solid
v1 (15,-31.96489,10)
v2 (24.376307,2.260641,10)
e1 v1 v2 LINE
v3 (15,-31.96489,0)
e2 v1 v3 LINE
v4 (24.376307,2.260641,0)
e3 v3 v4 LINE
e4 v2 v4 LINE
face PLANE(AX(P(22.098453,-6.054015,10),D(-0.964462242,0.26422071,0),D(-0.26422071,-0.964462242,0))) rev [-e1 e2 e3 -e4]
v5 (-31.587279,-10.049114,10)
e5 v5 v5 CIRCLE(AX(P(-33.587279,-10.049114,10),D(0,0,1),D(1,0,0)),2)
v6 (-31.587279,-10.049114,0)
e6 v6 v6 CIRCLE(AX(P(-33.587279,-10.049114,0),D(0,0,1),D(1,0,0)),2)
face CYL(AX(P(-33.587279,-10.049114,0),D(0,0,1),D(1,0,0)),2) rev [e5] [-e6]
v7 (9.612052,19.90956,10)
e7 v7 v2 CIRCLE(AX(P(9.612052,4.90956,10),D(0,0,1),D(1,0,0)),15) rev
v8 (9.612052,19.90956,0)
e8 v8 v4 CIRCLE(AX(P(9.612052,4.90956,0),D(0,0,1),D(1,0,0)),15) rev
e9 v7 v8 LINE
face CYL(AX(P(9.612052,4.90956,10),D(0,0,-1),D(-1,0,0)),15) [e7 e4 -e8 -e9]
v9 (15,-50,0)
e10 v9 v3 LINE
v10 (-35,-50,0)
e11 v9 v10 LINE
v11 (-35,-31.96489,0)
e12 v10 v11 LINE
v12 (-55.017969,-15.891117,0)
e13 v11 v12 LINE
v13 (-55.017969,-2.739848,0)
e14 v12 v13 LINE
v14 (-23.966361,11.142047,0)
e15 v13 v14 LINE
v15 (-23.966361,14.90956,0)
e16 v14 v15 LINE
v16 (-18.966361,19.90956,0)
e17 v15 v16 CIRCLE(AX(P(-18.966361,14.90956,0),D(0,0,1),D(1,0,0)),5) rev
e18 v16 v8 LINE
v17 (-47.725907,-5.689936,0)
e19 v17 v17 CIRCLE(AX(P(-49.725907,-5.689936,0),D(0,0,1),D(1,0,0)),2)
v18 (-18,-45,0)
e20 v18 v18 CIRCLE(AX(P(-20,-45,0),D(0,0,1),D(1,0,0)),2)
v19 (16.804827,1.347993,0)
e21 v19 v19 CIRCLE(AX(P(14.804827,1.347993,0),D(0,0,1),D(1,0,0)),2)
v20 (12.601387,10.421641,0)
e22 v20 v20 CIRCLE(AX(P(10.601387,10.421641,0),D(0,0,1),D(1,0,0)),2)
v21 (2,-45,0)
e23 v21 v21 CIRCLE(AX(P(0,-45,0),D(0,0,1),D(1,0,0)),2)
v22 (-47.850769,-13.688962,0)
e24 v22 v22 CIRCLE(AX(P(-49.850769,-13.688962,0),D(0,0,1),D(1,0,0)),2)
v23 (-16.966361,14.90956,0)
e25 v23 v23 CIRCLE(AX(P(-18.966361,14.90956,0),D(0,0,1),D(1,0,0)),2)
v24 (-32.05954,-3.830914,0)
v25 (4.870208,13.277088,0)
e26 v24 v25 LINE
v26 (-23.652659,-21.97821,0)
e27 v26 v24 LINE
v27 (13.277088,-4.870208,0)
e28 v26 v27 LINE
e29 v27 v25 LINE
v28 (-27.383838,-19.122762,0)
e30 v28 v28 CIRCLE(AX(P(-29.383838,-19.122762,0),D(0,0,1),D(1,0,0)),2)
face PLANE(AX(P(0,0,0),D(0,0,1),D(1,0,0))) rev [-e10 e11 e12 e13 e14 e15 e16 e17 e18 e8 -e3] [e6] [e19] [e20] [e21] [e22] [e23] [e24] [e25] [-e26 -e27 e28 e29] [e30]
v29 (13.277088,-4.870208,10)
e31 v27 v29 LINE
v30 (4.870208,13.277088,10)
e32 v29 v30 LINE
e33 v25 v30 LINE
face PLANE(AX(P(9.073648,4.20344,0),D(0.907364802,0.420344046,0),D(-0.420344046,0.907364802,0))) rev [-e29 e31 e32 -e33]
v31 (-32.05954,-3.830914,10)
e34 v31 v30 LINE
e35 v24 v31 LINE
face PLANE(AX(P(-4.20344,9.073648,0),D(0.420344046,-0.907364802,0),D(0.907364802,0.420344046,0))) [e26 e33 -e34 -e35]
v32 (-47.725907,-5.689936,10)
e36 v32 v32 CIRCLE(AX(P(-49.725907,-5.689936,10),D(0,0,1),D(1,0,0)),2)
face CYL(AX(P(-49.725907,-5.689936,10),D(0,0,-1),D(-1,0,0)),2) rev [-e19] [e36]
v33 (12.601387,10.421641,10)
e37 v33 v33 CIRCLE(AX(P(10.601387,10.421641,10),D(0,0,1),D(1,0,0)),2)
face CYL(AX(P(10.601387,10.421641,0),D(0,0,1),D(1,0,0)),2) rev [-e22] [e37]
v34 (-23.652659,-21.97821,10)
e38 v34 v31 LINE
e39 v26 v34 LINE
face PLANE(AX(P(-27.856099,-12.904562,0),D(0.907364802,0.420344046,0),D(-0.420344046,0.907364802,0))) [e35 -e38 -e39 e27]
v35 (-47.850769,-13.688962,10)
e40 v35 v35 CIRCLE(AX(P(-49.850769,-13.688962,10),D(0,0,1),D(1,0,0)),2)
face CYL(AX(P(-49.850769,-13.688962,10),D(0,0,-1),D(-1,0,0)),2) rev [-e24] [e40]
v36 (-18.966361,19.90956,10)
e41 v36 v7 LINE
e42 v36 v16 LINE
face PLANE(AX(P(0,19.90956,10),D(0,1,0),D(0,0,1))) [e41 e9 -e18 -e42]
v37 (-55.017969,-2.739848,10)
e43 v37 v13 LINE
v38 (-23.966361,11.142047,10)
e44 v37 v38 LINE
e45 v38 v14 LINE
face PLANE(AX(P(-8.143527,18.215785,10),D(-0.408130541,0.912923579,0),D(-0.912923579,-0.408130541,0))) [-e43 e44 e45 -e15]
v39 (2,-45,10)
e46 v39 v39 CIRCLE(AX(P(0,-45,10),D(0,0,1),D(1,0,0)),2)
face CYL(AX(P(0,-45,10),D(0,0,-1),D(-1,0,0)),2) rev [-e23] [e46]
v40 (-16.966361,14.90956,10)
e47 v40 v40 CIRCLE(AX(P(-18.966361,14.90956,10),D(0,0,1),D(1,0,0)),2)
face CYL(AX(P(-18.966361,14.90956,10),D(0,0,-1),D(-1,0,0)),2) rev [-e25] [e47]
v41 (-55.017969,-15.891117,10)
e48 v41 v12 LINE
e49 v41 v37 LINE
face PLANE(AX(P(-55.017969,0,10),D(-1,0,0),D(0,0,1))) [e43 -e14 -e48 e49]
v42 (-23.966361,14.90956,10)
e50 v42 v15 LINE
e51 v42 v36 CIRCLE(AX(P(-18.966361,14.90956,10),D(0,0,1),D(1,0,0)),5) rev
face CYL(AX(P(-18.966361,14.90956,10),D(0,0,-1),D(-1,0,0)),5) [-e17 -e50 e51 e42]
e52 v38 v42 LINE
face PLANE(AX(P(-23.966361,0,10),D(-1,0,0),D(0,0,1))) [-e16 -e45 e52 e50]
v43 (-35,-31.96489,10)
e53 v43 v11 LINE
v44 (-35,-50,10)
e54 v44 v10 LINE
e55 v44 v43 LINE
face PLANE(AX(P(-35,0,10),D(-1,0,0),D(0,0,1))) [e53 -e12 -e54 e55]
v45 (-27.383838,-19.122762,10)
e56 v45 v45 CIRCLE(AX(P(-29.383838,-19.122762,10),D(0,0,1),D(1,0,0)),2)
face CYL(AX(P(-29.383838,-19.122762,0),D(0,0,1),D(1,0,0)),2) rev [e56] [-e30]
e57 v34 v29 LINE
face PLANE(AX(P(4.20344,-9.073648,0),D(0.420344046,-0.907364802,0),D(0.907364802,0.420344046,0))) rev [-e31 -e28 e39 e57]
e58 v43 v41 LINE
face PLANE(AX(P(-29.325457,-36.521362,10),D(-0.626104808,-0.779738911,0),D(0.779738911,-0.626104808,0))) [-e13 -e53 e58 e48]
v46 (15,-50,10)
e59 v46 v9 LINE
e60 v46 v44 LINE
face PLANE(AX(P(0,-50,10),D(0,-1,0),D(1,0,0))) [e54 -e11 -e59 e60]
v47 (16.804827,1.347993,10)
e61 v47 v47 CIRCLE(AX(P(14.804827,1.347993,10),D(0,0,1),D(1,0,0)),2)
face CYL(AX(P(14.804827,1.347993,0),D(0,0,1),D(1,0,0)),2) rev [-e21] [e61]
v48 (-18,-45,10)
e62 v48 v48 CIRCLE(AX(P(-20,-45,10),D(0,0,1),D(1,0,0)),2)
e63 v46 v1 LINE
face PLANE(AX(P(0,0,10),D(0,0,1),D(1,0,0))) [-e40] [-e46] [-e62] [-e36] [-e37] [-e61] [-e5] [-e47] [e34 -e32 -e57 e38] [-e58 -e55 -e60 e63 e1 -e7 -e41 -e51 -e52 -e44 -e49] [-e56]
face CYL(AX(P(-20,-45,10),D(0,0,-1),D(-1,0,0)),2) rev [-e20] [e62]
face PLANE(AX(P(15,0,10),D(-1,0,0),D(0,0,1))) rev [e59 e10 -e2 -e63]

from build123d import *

# Parameters (mm, degrees)
SCHIZZO1_R                   = 2.5
SCHIZZO1_R_2                 = 2
ESTRUSIONE_ESTRUSIONE1_DEPTH = 10
TAGLIO_ESTRUSIONE1_DEPTH     = 76.013178039
SCHIZZO3_R                   = 2
TAGLIO_ESTRUSIONE2_DEPTH     = 76.013178039


with BuildPart() as part:
    # Schizzo1 → Estrusione-Estrusione1 (new body)
    with BuildSketch(Plane.XY):
        with BuildLine():
            Line((15, -50), (-35, -50))
            Line((-35, -50), (-35, -31.964890017))
            Line((-35, -31.964890017), (-55.017968697, -15.891116751))
            Line((-55.017968697, -15.891116751), (-55.017968697, -2.739847716))
            Line((-55.017968697, -2.739847716), (-23.966361252, 11.142047377))
            Line((-23.966361252, 11.142047377), (-23.966361252, 14.909560068))
            ThreePointArc((-23.966361252, 14.909560068), (-22.501895158, 18.445093974), (-18.966361252, 19.909560068))
            Line((-18.966361252, 19.909560068), (9.612052016, 19.909560068))
            ThreePointArc((9.612052016, 19.909560068), (21.117133083, 14.534169651), (24.376307149, 2.260641352))
            Line((24.376307149, 2.260641352), (15, -31.964890017))
            Line((15, -31.964890017), (15, -50))
        make_face()
        Circle(SCHIZZO1_R, mode=Mode.SUBTRACT)
        with Locations((-20, -45)):
            Circle(SCHIZZO1_R_2, mode=Mode.SUBTRACT)
        with Locations((0, -45)):
            Circle(SCHIZZO1_R_2, mode=Mode.SUBTRACT)
        with Locations((-49.725907234, -5.689936133)):
            Circle(SCHIZZO1_R_2, mode=Mode.SUBTRACT)
        with Locations((-49.850768961, -13.68896167)):
            Circle(SCHIZZO1_R_2, mode=Mode.SUBTRACT)
        with Locations((-18.966361252, 14.909560068)):
            Circle(SCHIZZO1_R_2, mode=Mode.SUBTRACT)
    extrude(amount=ESTRUSIONE_ESTRUSIONE1_DEPTH)

    # Schizzo2 → Taglio-Estrusione1 (cut, through all)
    with BuildSketch(Plane.XY.offset(10)):
        with BuildLine():
            Line((-27.856099407, -12.90456221), (-2.268412004, -1.050860115))
            ThreePointArc((-2.268412004, -1.050860115), (-1.050860115, 2.268412004), (2.268412004, 1.050860115))
            Line((2.268412004, 1.050860115), (9.073648015, 4.203440459))
            Line((9.073648015, 4.203440459), (4.870207556, 13.277088475))
            Line((4.870207556, 13.277088475), (-32.059539866, -3.830914194))
            Line((-32.059539866, -3.830914194), (-27.856099407, -12.90456221))
        make_face()
        with BuildLine():
            ThreePointArc((2.5, 0), (0.538038098, -2.441416598), (-2.268412004, -1.050860115))
            Line((-2.268412004, -1.050860115), (-27.856099407, -12.90456221))
            Line((-27.856099407, -12.90456221), (-23.652658948, -21.978210225))
            Line((-23.652658948, -21.978210225), (13.277088475, -4.870207556))
            Line((13.277088475, -4.870207556), (9.073648015, 4.203440459))
            Line((9.073648015, 4.203440459), (2.268412004, 1.050860115))
            ThreePointArc((2.268412004, 1.050860115), (2.441416598, 0.538038098), (2.5, 0))
        make_face()
    extrude(amount=-TAGLIO_ESTRUSIONE1_DEPTH, mode=Mode.SUBTRACT)

    # Schizzo3 → Taglio-Estrusione2 (cut, through all)
    with BuildSketch(Plane.XY.offset(10)):
        with Locations((10.601386992, 10.421640651)):
            Circle(SCHIZZO3_R)
        with Locations((14.804827451, 1.347992635)):
            Circle(SCHIZZO3_R)
        with Locations((-29.383838384, -19.122762401)):
            Circle(SCHIZZO3_R)
        with Locations((-33.587278843, -10.049114386)):
            Circle(SCHIZZO3_R)
    extrude(amount=-TAGLIO_ESTRUSIONE2_DEPTH, mode=Mode.SUBTRACT)


solid = part.part
